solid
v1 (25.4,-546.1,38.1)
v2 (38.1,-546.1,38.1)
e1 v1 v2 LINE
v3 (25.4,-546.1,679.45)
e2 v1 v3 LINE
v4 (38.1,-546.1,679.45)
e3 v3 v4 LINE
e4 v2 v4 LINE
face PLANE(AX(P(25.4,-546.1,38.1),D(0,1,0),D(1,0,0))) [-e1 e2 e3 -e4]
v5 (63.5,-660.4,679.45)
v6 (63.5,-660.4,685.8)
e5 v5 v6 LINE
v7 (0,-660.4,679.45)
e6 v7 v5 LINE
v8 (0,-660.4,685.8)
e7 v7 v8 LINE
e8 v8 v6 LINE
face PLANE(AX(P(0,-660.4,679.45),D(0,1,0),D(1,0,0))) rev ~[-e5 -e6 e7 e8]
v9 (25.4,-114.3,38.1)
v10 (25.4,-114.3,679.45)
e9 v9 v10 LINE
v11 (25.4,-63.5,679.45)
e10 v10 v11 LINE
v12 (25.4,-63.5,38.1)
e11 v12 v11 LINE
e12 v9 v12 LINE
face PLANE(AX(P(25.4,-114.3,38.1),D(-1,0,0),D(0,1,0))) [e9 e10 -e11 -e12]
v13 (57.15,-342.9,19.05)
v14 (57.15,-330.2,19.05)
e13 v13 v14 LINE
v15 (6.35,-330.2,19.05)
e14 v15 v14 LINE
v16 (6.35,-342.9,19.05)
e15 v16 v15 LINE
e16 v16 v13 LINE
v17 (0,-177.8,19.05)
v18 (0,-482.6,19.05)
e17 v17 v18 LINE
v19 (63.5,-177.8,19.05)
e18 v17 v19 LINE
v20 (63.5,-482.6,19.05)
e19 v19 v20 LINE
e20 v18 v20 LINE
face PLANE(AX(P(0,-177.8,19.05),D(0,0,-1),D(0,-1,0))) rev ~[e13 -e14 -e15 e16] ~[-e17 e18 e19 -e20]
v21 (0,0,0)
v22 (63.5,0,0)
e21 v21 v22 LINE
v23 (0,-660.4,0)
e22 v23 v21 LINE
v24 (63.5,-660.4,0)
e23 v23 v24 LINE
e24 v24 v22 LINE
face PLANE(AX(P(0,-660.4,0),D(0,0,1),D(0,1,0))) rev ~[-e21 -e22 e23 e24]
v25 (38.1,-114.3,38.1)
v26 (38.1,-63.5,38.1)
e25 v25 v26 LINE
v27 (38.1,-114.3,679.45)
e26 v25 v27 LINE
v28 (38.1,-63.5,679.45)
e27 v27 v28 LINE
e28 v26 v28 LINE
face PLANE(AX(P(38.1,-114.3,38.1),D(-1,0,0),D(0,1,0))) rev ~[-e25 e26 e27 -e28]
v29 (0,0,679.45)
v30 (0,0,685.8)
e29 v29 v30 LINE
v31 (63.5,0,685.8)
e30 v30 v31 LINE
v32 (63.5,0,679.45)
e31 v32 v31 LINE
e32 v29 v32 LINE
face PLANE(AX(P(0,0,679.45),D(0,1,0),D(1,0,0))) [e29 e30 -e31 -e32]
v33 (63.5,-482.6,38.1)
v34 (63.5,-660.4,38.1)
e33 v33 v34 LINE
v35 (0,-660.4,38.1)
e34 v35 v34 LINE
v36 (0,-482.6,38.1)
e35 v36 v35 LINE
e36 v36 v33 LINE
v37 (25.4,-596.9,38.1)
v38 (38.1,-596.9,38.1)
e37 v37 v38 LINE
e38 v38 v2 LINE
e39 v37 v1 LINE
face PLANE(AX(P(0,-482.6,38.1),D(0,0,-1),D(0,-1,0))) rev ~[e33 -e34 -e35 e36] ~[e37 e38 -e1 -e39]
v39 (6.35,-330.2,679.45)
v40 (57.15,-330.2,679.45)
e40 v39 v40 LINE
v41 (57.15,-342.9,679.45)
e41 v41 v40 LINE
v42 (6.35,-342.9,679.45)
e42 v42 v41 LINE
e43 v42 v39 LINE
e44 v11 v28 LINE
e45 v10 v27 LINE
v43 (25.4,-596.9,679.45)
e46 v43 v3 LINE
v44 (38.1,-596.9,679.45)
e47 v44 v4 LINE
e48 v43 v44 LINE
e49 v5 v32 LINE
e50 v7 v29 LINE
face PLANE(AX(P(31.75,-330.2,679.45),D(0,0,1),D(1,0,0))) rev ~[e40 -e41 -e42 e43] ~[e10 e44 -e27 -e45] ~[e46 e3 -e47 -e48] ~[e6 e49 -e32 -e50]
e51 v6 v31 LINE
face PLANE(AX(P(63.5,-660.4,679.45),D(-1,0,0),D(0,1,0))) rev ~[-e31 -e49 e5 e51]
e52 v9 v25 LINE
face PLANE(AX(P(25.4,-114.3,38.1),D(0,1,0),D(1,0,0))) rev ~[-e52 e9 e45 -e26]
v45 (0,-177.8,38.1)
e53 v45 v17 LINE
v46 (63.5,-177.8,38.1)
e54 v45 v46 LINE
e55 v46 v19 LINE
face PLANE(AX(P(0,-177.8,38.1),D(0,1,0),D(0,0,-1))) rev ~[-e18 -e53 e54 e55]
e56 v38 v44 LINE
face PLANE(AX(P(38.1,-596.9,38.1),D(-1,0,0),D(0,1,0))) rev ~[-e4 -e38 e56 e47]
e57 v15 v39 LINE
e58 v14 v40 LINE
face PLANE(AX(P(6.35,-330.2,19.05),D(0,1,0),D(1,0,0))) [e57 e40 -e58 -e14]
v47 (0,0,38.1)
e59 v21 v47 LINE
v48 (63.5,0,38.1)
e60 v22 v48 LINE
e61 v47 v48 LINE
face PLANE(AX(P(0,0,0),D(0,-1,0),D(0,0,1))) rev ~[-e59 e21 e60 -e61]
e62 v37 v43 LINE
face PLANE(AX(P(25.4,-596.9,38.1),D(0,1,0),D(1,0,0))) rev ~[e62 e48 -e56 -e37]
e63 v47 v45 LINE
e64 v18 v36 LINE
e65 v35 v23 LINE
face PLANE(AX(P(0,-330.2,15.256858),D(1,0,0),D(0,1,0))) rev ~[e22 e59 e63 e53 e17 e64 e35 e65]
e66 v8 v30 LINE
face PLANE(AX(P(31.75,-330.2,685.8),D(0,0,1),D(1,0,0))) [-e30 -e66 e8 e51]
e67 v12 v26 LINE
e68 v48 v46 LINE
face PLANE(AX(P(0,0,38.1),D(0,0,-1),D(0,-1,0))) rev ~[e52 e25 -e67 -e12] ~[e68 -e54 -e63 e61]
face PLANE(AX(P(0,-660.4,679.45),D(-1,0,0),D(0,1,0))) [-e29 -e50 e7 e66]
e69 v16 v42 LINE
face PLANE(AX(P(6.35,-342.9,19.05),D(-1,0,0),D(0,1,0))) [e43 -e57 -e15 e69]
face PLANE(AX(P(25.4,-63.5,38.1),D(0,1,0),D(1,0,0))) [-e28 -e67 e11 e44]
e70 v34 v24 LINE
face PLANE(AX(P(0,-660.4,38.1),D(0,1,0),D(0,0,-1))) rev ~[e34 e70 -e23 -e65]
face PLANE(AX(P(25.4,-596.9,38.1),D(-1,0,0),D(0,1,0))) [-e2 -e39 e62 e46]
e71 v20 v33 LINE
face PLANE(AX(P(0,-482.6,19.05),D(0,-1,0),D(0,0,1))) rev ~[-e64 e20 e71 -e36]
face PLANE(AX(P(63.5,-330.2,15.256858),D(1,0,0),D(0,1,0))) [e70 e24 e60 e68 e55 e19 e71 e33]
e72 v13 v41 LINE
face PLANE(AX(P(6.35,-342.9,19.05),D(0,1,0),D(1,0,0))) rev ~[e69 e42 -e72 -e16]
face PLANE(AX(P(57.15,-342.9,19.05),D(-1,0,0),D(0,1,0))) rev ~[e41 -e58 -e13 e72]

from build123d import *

# Parameters (mm, degrees)
F1_DEPTH = 63.5
F3_W     = 50.8
F3_H     = 12.7
F4_DEPTH = 660.4
F2_W     = 12.7
F2_H     = 50.8
F5_DEPTH = 641.35
F6_W     = 63.5
F6_H     = 660.4
F7_DEPTH = 6.35


with BuildPart() as f1:
    # F0 (on Right) → F1 (new body)
    with BuildSketch(Plane.YZ):
        Polygon((-660.4, 0), (0, 0), (0, 38.1), (-177.8, 38.1), (-177.8, 19.05), (-482.6, 19.05), (-482.6, 38.1), (-660.4, 38.1), align=None)
    extrude(amount=F1_DEPTH)

    # F3 (on face) → F4 (join)
    with BuildSketch(Plane.XY.offset(19.05)):
        with Locations((31.75, -336.55)):
            Rectangle(F3_W, F3_H)
    extrude(amount=F4_DEPTH)

    # F2 (on face) → F5 (join)
    with BuildSketch(Plane.XY.offset(38.1)):
        with Locations((31.75, -571.5)):
            Rectangle(F2_W, F2_H)
        with Locations((31.75, -88.9)):
            Rectangle(F2_W, F2_H)
    extrude(amount=F5_DEPTH)

    # F6 (on face) → F7 (join)
    with BuildSketch(Plane.XY.offset(679.45)):
        with Locations((31.75, -330.2)):
            Rectangle(F6_W, F6_H)
    extrude(amount=F7_DEPTH)


solid = f1.part
